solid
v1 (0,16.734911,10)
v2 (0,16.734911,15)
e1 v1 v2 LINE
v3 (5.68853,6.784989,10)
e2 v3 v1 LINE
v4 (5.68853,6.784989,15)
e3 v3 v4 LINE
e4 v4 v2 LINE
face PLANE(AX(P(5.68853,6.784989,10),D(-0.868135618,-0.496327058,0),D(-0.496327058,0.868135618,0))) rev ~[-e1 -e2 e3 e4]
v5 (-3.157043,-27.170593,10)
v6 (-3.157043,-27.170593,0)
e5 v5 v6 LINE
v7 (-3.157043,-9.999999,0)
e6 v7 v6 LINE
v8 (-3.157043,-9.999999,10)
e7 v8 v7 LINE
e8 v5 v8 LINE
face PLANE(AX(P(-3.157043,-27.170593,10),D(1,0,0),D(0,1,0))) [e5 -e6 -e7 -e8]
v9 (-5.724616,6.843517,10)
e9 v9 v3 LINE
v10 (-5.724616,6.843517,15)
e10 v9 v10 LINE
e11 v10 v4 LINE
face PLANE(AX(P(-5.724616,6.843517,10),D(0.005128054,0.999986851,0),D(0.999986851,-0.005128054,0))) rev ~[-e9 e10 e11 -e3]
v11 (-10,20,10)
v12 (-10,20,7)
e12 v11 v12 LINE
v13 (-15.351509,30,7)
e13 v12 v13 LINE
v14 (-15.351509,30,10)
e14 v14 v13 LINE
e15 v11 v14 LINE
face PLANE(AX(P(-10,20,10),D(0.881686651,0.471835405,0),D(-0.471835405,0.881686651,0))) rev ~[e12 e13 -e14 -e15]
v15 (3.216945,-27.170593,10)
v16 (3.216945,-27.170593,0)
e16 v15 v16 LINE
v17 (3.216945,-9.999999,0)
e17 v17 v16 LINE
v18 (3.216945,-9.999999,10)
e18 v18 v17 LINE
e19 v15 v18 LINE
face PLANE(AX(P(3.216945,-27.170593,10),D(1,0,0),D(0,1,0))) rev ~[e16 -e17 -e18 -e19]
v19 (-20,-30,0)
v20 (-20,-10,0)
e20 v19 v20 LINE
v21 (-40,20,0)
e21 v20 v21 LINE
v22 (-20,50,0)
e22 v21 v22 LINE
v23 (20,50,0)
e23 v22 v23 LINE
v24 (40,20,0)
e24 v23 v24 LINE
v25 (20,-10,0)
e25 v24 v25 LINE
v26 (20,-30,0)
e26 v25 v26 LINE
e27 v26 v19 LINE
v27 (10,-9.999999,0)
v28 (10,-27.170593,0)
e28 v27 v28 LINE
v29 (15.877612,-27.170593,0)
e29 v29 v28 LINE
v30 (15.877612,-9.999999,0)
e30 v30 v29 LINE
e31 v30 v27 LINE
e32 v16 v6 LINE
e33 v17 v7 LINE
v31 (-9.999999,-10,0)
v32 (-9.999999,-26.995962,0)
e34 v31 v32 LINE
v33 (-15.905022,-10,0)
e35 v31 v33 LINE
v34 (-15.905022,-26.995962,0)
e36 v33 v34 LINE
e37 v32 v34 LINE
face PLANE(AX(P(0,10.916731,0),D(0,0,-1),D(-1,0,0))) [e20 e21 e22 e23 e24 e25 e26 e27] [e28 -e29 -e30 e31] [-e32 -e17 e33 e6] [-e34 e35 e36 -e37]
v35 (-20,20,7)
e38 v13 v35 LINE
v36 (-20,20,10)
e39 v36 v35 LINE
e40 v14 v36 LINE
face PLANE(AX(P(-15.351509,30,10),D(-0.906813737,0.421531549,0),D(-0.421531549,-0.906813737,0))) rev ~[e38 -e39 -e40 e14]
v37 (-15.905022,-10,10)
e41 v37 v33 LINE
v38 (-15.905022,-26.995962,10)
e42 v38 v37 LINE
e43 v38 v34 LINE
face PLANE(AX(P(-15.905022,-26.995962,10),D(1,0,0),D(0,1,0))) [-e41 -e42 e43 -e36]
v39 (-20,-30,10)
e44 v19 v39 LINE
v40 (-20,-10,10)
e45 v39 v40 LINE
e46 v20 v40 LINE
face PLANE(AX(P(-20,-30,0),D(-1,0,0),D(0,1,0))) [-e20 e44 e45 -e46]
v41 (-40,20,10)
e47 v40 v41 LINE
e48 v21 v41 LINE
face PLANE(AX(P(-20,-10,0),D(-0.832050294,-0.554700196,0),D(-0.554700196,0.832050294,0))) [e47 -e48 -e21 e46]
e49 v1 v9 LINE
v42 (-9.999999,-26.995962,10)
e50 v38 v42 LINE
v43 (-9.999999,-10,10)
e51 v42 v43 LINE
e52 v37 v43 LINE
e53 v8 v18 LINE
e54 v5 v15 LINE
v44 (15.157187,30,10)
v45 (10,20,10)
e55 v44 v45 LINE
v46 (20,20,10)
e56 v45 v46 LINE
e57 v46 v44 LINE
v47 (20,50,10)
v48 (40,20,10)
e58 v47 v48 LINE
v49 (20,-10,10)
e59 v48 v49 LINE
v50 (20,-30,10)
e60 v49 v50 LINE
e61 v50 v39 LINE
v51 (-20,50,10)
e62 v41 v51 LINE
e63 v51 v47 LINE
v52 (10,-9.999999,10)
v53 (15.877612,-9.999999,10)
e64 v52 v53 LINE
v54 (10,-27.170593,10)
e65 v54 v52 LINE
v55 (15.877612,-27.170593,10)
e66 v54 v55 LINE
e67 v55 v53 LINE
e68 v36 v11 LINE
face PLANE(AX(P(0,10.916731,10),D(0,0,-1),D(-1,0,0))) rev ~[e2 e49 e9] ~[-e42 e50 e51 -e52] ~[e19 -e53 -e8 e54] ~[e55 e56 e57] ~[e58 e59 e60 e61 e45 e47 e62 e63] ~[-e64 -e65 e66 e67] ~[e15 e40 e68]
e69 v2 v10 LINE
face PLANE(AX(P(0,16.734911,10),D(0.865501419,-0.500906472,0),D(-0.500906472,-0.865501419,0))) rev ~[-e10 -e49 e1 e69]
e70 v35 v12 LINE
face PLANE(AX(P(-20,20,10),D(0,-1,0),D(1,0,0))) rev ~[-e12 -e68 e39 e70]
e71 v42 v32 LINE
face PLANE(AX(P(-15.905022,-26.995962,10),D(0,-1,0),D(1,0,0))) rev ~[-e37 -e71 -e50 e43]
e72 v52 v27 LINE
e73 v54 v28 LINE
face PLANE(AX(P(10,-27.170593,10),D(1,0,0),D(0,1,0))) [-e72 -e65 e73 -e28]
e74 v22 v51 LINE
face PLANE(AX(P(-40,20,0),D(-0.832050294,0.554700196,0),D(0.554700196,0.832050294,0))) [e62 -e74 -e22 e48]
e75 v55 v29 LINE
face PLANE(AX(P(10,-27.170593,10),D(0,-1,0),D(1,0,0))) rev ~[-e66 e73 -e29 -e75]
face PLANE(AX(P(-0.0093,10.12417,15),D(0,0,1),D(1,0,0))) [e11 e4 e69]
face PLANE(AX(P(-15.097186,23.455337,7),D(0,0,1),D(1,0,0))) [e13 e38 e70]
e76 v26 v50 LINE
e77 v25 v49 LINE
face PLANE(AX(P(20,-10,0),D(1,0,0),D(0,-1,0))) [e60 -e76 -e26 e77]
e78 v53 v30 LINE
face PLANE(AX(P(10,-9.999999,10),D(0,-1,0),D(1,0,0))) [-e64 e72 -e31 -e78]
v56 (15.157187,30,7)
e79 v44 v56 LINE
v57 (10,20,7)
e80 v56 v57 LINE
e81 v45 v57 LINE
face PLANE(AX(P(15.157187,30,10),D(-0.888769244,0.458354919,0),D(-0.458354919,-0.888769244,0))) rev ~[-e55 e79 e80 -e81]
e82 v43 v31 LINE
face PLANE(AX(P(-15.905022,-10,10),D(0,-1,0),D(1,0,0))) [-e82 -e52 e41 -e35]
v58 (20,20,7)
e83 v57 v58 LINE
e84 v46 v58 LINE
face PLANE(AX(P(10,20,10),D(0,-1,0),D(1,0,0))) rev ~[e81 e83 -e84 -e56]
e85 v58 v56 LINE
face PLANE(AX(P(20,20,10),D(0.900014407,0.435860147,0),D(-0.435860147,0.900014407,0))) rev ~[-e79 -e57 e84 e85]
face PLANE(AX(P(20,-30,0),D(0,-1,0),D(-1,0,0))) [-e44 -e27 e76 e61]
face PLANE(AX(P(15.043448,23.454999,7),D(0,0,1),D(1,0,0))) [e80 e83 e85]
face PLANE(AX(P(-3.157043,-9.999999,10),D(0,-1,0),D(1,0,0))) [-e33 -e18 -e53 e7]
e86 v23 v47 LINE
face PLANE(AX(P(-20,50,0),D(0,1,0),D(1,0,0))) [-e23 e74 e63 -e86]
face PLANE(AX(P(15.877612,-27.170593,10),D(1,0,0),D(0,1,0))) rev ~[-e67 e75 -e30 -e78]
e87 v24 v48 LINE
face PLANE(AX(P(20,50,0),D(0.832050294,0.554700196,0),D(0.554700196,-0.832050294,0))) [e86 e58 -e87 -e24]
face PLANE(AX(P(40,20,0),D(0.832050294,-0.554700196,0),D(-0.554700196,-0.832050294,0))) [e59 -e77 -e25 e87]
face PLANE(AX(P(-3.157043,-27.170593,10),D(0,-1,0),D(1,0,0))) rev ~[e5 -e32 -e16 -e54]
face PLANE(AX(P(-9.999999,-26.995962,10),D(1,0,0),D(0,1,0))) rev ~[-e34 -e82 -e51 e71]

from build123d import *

# Parameters (mm, degrees)
PAD_DEPTH       = 10
POCKET_DEPTH    = 3
SKETCH002_W     = 5.905023
SKETCH002_H     = 16.995962
SKETCH002_W_2   = 5.877612
SKETCH002_H_2   = 17.170593
SKETCH002_W_3   = 6.373988
POCKET001_DEPTH = 10.001
PAD001_DEPTH    = 5


with BuildPart() as part:
    # Sketch → Pad (new body)
    with BuildSketch(Plane.XY):
        Polygon((-20, 50), (20, 50), (40, 20), (20, -10), (20, -30), (-20, -30), (-20, -10), (-40, 20), align=None)
    extrude(amount=PAD_DEPTH)

    # Sketch001 (on Face10 of Pad) → Pocket (cut)
    with BuildSketch(Plane.XY.offset(10)):
        Polygon((-15.351509, 30), (-20, 20), (-10, 20), align=None)
        Polygon((10, 20), (20, 20), (15.157187, 30), align=None)
    extrude(amount=-POCKET_DEPTH, mode=Mode.SUBTRACT)

    # Sketch002 (on Face5 of Pocket) → Pocket001 (cut, through all)
    with BuildSketch(Plane.XY.offset(10)):
        with Locations((-12.952511, -18.497981)):
            Rectangle(SKETCH002_W, SKETCH002_H)
        with Locations((12.938806, -18.585296)):
            Rectangle(SKETCH002_W_2, SKETCH002_H_2)
        with Locations((0.029951, -18.585296)):
            Rectangle(SKETCH002_W_3, SKETCH002_H_2)
    extrude(amount=-POCKET001_DEPTH, mode=Mode.SUBTRACT)

    # Sketch003 (on Face5 of Pocket001) → Pad001 (join)
    with BuildSketch(Plane.XY.offset(10)):
        Polygon((0, 16.734911), (-5.724616, 6.843517), (5.68853, 6.784989), align=None)
    extrude(amount=PAD001_DEPTH)


solid = part.part
